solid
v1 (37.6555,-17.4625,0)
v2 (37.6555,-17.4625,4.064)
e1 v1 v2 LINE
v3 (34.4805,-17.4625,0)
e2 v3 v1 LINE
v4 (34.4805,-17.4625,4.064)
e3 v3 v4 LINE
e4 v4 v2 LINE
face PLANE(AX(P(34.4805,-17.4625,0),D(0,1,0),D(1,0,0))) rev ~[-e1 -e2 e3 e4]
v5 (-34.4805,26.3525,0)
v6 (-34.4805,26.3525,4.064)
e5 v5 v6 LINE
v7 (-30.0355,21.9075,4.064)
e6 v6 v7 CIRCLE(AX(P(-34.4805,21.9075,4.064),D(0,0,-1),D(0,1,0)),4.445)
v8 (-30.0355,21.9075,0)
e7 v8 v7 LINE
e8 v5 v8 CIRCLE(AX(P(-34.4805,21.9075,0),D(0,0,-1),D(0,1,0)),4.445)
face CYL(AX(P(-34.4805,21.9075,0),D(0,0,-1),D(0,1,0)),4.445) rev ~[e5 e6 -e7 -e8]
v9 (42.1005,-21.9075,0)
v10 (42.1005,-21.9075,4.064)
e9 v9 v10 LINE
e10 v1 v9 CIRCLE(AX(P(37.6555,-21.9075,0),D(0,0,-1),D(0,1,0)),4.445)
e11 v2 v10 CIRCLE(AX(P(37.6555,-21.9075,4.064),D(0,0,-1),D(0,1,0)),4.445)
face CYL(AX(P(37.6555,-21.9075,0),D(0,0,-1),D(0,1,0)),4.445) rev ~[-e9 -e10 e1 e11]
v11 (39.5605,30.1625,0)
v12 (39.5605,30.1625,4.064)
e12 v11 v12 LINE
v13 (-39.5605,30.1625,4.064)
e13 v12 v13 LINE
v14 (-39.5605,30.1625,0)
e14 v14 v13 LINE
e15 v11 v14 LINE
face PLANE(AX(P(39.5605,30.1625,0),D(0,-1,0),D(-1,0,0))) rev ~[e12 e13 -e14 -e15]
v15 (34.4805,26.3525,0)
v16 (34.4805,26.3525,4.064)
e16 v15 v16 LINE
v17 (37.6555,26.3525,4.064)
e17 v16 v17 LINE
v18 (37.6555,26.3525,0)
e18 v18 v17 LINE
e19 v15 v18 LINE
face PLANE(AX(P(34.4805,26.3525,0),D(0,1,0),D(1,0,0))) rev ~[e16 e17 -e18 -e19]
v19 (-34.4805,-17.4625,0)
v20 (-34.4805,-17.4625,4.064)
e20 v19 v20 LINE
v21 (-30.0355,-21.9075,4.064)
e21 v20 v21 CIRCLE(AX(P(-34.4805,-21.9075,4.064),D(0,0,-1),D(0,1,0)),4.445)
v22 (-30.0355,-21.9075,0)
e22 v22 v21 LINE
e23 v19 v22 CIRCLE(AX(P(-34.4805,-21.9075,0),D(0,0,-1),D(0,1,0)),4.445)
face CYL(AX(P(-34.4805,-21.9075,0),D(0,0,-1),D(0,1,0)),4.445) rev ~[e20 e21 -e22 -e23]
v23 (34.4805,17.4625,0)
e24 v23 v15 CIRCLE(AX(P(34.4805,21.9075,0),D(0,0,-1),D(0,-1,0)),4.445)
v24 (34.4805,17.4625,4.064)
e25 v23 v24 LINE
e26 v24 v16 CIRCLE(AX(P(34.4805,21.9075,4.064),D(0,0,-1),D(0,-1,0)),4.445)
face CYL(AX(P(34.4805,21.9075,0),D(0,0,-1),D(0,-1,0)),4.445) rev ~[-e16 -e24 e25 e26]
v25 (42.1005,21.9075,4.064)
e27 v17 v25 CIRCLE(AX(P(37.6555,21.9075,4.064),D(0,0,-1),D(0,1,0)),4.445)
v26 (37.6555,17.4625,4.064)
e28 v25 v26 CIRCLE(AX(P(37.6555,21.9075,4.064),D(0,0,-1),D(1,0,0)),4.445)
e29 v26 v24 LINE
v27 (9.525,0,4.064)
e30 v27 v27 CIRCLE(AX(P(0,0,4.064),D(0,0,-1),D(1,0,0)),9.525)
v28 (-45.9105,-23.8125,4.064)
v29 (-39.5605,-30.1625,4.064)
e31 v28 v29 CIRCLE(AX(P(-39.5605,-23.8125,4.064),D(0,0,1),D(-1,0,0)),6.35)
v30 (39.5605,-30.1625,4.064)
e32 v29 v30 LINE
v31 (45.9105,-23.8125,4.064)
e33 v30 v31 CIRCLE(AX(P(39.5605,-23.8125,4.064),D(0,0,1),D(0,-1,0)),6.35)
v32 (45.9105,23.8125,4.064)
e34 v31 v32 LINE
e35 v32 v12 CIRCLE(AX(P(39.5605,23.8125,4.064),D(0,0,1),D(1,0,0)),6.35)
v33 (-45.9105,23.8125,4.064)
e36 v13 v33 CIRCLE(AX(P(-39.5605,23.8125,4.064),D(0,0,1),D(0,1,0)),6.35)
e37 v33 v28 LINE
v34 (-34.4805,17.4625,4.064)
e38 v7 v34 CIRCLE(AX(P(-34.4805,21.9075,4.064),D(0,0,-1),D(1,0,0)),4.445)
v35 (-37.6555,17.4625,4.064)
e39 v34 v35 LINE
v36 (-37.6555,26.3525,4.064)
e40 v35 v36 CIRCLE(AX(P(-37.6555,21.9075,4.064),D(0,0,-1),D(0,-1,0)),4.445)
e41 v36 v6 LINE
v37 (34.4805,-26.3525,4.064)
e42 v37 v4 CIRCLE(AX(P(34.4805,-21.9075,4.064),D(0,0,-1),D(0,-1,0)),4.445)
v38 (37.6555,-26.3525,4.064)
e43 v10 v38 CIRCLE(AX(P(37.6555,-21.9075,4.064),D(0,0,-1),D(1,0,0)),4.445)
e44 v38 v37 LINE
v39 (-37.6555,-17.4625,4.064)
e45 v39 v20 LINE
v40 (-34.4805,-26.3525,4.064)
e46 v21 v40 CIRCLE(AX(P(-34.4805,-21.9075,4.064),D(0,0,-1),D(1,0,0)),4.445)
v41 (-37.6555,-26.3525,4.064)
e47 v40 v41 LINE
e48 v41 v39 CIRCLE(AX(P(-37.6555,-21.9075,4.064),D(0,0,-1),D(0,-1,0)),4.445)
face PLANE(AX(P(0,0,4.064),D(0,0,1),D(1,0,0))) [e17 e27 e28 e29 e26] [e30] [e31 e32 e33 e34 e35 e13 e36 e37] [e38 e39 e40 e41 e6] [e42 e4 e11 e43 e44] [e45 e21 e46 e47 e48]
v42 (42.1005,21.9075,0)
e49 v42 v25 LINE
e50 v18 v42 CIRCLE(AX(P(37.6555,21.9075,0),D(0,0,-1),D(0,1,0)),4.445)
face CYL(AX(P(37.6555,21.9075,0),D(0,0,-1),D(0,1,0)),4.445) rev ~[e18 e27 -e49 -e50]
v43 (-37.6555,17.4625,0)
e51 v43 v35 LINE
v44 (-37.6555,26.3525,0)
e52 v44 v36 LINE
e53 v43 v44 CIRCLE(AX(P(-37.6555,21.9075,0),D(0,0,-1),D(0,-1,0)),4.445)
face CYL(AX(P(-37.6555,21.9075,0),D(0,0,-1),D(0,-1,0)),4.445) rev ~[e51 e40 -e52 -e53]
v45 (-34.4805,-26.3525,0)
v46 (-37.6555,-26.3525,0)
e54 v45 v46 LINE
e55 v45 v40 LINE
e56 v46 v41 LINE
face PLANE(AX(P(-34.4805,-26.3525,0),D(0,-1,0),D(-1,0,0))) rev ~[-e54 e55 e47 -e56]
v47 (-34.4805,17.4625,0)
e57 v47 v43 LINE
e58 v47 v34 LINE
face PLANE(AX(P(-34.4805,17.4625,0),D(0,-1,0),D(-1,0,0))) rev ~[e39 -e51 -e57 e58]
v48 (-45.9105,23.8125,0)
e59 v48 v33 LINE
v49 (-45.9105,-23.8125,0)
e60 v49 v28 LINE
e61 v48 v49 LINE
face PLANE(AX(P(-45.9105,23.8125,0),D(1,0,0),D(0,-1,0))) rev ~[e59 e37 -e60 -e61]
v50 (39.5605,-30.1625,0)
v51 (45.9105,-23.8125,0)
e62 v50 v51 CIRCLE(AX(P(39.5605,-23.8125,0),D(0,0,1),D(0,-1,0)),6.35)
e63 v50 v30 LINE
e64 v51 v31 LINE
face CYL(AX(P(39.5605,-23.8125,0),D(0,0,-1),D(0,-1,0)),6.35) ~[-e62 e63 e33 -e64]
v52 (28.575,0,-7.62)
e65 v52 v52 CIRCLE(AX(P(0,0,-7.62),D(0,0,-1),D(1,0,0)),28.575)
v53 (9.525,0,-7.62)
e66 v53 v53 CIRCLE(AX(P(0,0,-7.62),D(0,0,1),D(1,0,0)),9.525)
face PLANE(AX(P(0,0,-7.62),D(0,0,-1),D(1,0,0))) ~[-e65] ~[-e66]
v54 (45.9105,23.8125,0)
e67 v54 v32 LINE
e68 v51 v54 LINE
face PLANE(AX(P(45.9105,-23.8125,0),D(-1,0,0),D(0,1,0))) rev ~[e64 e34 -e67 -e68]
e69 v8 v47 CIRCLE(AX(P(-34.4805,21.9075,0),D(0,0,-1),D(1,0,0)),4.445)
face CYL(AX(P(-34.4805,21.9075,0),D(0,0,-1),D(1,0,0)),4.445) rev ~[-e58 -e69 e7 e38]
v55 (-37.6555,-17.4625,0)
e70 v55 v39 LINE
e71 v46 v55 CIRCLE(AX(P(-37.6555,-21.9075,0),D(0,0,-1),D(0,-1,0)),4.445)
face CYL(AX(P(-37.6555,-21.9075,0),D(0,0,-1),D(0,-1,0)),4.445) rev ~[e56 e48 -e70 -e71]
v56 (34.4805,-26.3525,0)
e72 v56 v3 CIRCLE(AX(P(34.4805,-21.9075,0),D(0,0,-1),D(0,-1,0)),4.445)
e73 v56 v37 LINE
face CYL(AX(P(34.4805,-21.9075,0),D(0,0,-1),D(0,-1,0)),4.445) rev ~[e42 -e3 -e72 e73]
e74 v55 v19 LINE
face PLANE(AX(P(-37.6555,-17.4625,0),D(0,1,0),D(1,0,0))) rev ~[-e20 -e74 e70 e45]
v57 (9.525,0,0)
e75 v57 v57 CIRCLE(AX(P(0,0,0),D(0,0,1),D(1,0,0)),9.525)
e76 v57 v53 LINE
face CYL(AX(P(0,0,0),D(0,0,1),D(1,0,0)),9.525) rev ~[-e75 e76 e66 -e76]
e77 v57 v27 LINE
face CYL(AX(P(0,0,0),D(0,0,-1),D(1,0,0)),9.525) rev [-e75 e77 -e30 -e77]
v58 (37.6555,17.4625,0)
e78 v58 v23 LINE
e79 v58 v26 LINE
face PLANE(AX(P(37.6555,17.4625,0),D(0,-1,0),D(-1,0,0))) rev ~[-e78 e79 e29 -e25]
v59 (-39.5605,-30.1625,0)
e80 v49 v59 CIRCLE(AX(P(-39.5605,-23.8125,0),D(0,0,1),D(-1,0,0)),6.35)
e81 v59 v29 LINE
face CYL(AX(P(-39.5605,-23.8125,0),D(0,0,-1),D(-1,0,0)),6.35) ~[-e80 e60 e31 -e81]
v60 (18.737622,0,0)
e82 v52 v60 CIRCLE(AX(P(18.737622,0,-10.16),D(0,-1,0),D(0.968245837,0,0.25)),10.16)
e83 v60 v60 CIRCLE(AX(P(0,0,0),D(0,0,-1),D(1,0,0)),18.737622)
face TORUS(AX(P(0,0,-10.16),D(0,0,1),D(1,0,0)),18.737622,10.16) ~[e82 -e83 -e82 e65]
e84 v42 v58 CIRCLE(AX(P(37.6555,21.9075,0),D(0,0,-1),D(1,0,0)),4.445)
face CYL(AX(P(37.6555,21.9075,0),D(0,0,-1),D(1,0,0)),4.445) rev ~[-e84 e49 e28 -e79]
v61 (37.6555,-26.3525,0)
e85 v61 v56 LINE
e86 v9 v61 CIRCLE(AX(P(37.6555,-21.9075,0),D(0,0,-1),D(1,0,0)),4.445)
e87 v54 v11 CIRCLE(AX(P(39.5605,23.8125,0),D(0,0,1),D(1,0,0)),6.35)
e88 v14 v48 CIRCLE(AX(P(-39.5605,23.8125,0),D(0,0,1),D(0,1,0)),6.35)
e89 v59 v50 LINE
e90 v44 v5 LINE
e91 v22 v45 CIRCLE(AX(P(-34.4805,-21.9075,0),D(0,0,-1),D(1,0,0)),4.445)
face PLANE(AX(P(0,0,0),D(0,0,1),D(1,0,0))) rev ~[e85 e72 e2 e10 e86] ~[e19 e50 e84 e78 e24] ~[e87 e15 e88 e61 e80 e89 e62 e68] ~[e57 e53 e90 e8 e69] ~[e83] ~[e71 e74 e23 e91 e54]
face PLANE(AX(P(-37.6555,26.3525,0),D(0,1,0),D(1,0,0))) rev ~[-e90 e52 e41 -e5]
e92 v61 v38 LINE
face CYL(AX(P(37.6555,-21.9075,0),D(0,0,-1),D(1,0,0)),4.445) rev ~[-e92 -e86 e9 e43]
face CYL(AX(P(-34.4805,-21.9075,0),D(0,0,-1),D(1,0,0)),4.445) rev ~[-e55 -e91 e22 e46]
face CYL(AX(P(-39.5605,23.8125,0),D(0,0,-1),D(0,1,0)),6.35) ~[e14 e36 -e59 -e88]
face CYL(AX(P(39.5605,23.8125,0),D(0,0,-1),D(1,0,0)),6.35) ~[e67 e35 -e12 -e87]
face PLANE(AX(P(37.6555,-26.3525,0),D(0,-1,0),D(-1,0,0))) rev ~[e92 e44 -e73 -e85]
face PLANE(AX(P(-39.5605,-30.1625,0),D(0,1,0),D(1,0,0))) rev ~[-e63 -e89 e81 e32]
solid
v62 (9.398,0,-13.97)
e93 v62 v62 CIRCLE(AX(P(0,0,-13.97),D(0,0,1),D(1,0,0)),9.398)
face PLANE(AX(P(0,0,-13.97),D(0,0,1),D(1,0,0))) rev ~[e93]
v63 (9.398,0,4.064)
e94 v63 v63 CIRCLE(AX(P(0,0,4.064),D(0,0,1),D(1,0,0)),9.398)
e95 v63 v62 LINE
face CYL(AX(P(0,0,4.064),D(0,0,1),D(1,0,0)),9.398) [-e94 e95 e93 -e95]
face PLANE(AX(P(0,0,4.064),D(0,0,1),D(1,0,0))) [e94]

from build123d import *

# Parameters (mm, degrees)
F1_DEPTH      = 4.064
F4_R          = 9.525
F5_DEPTH      = 7.621
F5_DEPTH_BACK = 4.065
F6_R          = 9.398
F8_DEPTH      = 18.034


with BuildPart() as f1:
    # F0 (on Top) → F1 (new body)
    with BuildSketch(Plane.XY):
        with BuildLine():
            Line((39.5605, 30.1625), (-39.5605, 30.1625))
            ThreePointArc((-39.5605, 30.1625), (-44.0506280605, 28.3026280605), (-45.9105, 23.8125))
            Line((-45.9105, 23.8125), (-45.9105, -23.8125))
            ThreePointArc((-45.9105, -23.8125), (-44.0506280605, -28.3026280605), (-39.5605, -30.1625))
            Line((-39.5605, -30.1625), (39.5605, -30.1625))
            ThreePointArc((39.5605, -30.1625), (44.0506280605, -28.3026280605), (45.9105, -23.8125))
            Line((45.9105, -23.8125), (45.9105, 23.8125))
            ThreePointArc((45.9105, 23.8125), (44.0506280605, 28.3026280605), (39.5605, 30.1625))
        make_face()
        with BuildLine():
            ThreePointArc((-34.4805, -17.4625), (-31.3374103576, -18.7644103576), (-30.0355, -21.9075))
            ThreePointArc((-30.0355, -21.9075), (-31.3374103576, -25.0505896424), (-34.4805, -26.3525))
            Line((-34.4805, -26.3525), (-37.6555, -26.3525))
            ThreePointArc((-37.6555, -26.3525), (-42.1005, -21.9075), (-37.6555, -17.4625))
            Line((-37.6555, -17.4625), (-34.4805, -17.4625))
        make_face(mode=Mode.SUBTRACT)
        with BuildLine():
            ThreePointArc((34.4805, -26.3525), (30.0355, -21.9075), (34.4805, -17.4625))
            Line((34.4805, -17.4625), (37.6555, -17.4625))
            ThreePointArc((37.6555, -17.4625), (40.7985896424, -18.7644103576), (42.1005, -21.9075))
            ThreePointArc((42.1005, -21.9075), (40.7985896424, -25.0505896424), (37.6555, -26.3525))
            Line((37.6555, -26.3525), (34.4805, -26.3525))
        make_face(mode=Mode.SUBTRACT)
        with BuildLine():
            ThreePointArc((-34.4805, 26.3525), (-31.3374103576, 25.0505896424), (-30.0355, 21.9075))
            ThreePointArc((-30.0355, 21.9075), (-31.3374103576, 18.7644103576), (-34.4805, 17.4625))
            Line((-34.4805, 17.4625), (-37.6555, 17.4625))
            ThreePointArc((-37.6555, 17.4625), (-42.1005, 21.9075), (-37.6555, 26.3525))
            Line((-37.6555, 26.3525), (-34.4805, 26.3525))
        make_face(mode=Mode.SUBTRACT)
        with BuildLine():
            ThreePointArc((37.6555, 26.3525), (40.7985896424, 25.0505896424), (42.1005, 21.9075))
            ThreePointArc((42.1005, 21.9075), (40.7985896424, 18.7644103576), (37.6555, 17.4625))
            Line((37.6555, 17.4625), (34.4805, 17.4625))
            ThreePointArc((34.4805, 17.4625), (30.0355, 21.9075), (34.4805, 26.3525))
            Line((34.4805, 26.3525), (37.6555, 26.3525))
        make_face(mode=Mode.SUBTRACT)
    extrude(amount=F1_DEPTH)

    # F2 (on Front) → F3 (revolve)
    with BuildSketch(Plane.XZ):
        with BuildLine():
            Line((18.7376223006, 0), (0, 0))
            Line((0, 0), (0, -7.62))
            Line((0, -7.62), (28.575, -7.62))
            ThreePointArc((28.575, -7.62), (24.9593262473, -2.1278147432), (18.7376223006, 0))
        make_face()
    revolve(axis=Axis((0, 0, -3.81), (0, 0, -1)))

    # F4 (on Top) → F5 (cut, two sides)
    with BuildSketch(Plane.XY) as f5_sk:
        Circle(F4_R)
    extrude(amount=-F5_DEPTH, mode=Mode.SUBTRACT)
    extrude(f5_sk.sketch, amount=F5_DEPTH_BACK, mode=Mode.SUBTRACT)


with BuildPart() as f8:
    # F6 (on face) → F8 (new body, through all)
    with BuildSketch(Plane.XY.offset(4.064)):
        Circle(F6_R)
    extrude(amount=-F8_DEPTH)


solid = Compound([f1.part, f8.part])
